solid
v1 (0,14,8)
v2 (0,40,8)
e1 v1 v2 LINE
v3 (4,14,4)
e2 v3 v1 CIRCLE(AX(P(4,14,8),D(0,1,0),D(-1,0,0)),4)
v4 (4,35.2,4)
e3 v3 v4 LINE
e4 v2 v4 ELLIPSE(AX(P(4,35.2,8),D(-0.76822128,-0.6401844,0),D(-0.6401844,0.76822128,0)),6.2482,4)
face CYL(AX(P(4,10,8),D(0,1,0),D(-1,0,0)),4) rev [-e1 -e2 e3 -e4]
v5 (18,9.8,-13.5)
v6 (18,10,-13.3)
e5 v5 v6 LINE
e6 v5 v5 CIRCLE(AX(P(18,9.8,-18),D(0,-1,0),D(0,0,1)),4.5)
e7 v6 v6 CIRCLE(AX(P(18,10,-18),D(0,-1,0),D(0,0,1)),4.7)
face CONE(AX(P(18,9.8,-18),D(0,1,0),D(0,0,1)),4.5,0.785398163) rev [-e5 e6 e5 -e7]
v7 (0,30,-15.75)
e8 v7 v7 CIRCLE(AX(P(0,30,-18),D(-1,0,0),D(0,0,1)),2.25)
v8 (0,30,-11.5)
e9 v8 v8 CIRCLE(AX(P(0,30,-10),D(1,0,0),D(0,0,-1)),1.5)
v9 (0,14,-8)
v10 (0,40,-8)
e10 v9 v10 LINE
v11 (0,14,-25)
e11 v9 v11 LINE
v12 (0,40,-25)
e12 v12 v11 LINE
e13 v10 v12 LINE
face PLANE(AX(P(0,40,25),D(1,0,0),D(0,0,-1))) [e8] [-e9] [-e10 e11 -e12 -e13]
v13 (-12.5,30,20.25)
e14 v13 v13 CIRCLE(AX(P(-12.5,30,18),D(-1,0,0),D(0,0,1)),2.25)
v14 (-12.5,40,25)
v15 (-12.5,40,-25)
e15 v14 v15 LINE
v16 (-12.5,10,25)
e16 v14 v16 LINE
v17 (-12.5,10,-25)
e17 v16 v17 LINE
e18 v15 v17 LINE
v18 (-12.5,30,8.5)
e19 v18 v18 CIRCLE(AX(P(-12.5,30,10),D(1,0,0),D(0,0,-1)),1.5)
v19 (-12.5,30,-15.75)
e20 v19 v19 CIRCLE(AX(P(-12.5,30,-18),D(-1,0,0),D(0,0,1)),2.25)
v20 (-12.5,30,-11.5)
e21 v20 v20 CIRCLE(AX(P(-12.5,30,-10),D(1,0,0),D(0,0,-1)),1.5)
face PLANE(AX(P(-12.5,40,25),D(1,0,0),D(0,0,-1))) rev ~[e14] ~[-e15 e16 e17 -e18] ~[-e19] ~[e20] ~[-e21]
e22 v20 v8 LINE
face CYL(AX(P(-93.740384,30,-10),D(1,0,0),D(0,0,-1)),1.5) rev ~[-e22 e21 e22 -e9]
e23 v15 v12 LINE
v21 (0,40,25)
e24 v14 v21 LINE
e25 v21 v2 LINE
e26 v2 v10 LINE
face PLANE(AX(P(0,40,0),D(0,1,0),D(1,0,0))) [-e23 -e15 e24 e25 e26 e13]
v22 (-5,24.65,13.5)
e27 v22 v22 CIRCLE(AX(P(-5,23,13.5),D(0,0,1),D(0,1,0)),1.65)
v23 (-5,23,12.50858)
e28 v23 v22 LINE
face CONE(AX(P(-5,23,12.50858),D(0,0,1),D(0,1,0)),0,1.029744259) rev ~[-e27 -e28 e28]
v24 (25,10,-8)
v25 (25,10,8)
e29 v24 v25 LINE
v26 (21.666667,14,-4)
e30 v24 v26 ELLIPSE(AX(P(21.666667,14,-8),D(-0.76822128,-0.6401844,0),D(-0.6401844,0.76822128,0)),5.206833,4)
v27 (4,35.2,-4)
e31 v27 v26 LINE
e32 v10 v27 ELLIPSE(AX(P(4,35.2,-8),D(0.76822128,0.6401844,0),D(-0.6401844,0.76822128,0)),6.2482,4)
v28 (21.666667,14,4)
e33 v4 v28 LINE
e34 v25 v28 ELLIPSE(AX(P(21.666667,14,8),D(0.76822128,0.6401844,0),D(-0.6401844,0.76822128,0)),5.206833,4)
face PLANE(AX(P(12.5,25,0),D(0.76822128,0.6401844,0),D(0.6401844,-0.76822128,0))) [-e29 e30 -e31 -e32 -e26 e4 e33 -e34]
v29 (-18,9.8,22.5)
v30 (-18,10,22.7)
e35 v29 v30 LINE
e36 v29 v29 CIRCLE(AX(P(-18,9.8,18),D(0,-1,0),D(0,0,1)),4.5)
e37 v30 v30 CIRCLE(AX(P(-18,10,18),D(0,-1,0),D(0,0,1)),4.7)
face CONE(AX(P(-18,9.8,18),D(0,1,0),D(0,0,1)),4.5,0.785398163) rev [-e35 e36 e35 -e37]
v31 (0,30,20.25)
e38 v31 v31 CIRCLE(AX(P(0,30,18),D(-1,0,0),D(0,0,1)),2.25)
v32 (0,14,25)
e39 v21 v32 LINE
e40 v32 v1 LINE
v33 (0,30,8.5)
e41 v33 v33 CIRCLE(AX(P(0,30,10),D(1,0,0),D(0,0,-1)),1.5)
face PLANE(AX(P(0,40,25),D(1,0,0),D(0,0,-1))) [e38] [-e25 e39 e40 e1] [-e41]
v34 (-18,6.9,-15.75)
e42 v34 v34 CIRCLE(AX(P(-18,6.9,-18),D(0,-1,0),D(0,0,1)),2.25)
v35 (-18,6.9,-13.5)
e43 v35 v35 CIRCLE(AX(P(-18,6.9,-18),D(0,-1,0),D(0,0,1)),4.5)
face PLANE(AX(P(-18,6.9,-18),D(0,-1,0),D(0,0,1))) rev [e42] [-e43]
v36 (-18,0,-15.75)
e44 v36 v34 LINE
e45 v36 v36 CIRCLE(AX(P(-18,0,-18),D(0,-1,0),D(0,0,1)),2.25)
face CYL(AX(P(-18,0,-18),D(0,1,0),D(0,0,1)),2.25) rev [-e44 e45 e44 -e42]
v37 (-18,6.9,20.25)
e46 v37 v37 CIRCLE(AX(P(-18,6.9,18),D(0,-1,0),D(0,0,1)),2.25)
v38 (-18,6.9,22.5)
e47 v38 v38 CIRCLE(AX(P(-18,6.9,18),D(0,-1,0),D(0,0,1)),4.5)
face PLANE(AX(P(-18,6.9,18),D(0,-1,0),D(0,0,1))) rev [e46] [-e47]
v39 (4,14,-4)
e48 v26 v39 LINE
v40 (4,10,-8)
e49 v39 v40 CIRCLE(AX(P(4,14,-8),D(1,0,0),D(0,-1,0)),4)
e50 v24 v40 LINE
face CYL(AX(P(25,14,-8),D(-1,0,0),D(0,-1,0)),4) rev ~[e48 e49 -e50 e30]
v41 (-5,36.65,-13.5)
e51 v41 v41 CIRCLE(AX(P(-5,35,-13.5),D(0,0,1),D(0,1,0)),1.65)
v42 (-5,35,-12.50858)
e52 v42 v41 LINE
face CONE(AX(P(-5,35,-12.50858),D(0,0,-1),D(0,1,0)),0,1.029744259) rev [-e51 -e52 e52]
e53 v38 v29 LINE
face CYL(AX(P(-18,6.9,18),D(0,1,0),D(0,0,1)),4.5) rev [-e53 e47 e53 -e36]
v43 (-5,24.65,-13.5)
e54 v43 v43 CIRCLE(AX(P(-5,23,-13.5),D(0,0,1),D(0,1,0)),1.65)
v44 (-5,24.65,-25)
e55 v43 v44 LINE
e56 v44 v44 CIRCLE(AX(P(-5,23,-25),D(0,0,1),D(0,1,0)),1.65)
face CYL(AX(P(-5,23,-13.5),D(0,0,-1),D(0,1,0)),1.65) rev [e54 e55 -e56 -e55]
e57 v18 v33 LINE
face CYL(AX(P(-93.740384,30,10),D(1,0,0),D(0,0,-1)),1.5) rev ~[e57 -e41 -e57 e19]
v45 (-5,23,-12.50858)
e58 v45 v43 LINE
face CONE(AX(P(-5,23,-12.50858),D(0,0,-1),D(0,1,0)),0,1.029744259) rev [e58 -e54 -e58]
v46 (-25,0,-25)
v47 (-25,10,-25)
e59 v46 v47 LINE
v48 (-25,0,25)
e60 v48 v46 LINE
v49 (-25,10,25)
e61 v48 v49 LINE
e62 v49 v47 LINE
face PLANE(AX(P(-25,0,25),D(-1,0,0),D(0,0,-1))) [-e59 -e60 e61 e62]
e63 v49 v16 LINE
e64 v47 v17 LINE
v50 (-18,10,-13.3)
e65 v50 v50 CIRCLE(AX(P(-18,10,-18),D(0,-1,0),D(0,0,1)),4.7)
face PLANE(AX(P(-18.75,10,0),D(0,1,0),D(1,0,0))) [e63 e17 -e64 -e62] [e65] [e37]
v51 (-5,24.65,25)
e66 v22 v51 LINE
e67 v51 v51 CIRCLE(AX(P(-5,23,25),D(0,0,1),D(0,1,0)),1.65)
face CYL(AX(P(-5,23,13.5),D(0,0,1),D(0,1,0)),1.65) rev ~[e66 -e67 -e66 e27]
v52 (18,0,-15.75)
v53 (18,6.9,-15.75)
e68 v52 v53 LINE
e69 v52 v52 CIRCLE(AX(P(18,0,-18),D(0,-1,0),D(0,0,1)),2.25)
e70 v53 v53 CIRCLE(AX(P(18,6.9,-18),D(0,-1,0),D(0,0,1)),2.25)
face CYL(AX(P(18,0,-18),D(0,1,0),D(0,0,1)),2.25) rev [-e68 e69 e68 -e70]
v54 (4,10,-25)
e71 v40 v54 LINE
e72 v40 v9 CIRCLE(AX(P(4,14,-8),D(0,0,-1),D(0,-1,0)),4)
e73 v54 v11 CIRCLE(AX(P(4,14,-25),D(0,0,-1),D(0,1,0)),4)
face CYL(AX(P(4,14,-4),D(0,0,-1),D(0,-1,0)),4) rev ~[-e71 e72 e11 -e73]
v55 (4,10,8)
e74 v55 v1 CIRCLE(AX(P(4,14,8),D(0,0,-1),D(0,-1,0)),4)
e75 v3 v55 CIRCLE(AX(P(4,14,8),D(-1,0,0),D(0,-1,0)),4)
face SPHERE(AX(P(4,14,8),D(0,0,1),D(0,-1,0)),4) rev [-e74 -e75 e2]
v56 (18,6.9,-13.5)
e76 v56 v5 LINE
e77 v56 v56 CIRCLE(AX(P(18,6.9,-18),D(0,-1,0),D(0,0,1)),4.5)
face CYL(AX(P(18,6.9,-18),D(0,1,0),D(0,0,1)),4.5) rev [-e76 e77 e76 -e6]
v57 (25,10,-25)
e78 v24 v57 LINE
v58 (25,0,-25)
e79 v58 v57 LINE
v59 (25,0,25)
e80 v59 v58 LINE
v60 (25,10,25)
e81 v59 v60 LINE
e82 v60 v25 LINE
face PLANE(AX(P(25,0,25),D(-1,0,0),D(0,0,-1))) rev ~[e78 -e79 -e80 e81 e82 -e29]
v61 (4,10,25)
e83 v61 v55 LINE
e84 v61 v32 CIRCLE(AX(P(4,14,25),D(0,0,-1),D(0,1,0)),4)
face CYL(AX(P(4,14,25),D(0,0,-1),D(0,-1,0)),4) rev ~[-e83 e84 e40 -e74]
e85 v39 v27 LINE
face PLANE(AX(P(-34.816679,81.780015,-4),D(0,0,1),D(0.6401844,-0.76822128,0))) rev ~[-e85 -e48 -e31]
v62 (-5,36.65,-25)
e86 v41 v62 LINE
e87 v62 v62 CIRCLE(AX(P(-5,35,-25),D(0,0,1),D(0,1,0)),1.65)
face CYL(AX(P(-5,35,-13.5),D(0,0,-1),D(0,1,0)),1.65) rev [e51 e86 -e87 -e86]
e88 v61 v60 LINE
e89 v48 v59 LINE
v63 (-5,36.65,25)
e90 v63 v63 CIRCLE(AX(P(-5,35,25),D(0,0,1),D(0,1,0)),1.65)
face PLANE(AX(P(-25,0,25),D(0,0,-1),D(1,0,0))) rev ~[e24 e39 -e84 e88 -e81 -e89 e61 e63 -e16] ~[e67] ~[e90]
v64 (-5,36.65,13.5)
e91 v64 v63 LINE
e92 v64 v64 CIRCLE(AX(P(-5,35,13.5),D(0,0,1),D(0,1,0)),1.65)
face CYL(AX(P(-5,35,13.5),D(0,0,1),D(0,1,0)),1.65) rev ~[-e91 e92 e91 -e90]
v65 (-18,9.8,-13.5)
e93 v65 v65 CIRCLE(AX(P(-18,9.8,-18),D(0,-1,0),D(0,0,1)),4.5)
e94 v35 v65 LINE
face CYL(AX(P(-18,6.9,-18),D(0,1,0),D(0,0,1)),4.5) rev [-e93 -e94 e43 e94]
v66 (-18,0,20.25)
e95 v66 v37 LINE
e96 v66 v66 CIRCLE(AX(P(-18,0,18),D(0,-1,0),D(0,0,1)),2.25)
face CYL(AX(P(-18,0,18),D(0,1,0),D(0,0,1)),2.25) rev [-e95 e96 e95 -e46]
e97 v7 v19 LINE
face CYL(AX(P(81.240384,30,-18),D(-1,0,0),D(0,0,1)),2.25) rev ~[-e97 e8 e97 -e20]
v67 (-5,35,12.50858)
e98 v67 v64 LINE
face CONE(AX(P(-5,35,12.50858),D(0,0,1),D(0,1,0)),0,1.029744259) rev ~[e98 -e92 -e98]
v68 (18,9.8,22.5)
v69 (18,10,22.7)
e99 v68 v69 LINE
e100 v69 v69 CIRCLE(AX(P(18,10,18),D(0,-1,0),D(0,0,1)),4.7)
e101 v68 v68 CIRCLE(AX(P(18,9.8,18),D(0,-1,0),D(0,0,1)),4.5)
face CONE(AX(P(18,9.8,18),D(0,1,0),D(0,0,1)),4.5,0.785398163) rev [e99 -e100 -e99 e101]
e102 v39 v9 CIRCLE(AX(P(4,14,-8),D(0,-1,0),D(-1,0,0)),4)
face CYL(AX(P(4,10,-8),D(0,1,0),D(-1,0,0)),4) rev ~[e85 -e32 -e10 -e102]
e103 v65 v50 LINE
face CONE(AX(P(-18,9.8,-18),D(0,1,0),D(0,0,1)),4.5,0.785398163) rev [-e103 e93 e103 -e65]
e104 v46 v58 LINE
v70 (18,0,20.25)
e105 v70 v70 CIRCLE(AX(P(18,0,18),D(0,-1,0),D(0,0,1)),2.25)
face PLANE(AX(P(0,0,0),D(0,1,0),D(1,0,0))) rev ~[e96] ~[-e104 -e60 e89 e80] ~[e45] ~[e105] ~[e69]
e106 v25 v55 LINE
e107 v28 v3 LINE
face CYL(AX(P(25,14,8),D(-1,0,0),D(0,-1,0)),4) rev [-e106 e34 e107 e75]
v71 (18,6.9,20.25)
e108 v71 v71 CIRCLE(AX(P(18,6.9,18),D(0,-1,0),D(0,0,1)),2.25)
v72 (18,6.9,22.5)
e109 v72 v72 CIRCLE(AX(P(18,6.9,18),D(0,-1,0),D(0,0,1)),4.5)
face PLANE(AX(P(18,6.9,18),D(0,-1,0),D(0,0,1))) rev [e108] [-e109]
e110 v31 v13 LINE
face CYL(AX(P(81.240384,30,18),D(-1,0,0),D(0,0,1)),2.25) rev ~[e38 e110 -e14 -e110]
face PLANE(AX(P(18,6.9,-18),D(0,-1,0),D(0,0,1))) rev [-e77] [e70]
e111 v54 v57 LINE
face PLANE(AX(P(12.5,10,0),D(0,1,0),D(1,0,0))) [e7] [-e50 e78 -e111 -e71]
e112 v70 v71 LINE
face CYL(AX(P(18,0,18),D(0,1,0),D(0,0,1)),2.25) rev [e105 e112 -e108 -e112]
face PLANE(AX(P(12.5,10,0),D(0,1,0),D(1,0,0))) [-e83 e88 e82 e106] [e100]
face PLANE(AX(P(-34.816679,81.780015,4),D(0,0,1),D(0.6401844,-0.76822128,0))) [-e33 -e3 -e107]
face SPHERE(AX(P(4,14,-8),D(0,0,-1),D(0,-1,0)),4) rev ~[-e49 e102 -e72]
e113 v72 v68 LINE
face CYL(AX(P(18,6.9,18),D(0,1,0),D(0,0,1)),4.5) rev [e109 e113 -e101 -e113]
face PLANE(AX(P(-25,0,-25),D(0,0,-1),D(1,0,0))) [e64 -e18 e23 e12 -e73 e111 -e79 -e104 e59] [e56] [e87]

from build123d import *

# Parameters (mm, degrees)
SKIZZE1_W                                    = 50
SKIZZE1_H                                    = 50
AUFSATZ_LINEAR_AUSTRAGEN1_DEPTH              = 40
SKIZZE2_W                                    = 12.5
SKIZZE2_H                                    = 50
SKIZZE2_W_2                                  = 25
SCHNITT_LINEAR_AUSTRAGEN1_DEPTH              = 30
STIRNSENKUNG_F_R_M4_FLACHKOPFSCHRAUB_2_COUNT = 2
STIRNSENKUNG_F_R_M4_FLACHKOPFSCHRAUB_2_PITCH = 36
STIRNSENKUNG_F_R_M4_FLACHKOPFSCHRAUB_3_COUNT = 2
STIRNSENKUNG_F_R_M4_FLACHKOPFSCHRAUB_3_PITCH = 36
STIRNSENKUNG_F_R_M4_FLACHKOPFSCHRAUB_4_COUNT = 2
STIRNSENKUNG_F_R_M4_FLACHKOPFSCHRAUB_4_PITCH = 50.911688245
VERST_RKUNGSRIPPE4_REACH                     = 55.385
SKIZZE7_WALL_W                               = 147.8220309
SKIZZE7_WALL_H                               = 8
VERRUNDUNG1_R                                = 4
DURCHGANGSLOCH_F_R_M41_D                     = 4.5
F_3_0_3_DURCHMESSER_BOHRUNG1_D               = 3
M4_GEWINDEBOHRUNG1_AT_2_COUNT                = 2
M4_GEWINDEBOHRUNG1_AT_2_PITCH                = 12


with BuildPart() as part:
    # Skizze1 → Aufsatz-Linear austragen1 (new body)
    with BuildSketch(Plane(origin=(0, 0, 0), x_dir=(1, 0, 0), z_dir=(0, 1, 0))):
        Rectangle(SKIZZE1_W, SKIZZE1_H)
    extrude(amount=AUFSATZ_LINEAR_AUSTRAGEN1_DEPTH)

    # Skizze2 → Schnitt-Linear austragen1 (cut)
    with BuildSketch(Plane(origin=(0, 40, 0), x_dir=(1, 0, 0), z_dir=(0, 1, 0))):
        with Locations((-18.75, 0)):
            Rectangle(SKIZZE2_W, SKIZZE2_H)
        with Locations((12.5, 0)):
            Rectangle(SKIZZE2_W_2, SKIZZE2_H)
    extrude(amount=-SCHNITT_LINEAR_AUSTRAGEN1_DEPTH, mode=Mode.SUBTRACT)

    # Skizze4 → Stirnsenkung für M4 Flachkopfschraube mit Schlitz1 (revolve, cut)
    with BuildSketch(Plane(origin=(-18, 10, 18), x_dir=(0, 0, 1), z_dir=(1, 0, 0))):
        Polygon((0, 0), (0, 10), (2.25, 10), (2.25, 3.1), (4.5, 3.1), (4.5, 0.2), (4.7, 0), align=None)
    stirnsenkung_f_r_m4_flachkopfschraube_mi = revolve(axis=Axis((-18, 16.35, 18), (0, -1, 0)), mode=Mode.SUBTRACT)

    # Stirnsenkung f_r M4 Flachkopfschraub 2: Stirnsenkung für M4 Flachkopfschraube mit Schlitz1 ×2
    with Locations(*[(0, 0, -i * STIRNSENKUNG_F_R_M4_FLACHKOPFSCHRAUB_2_PITCH) for i in range(1, STIRNSENKUNG_F_R_M4_FLACHKOPFSCHRAUB_2_COUNT)]):
        add(stirnsenkung_f_r_m4_flachkopfschraube_mi, mode=Mode.SUBTRACT)

    # Stirnsenkung f_r M4 Flachkopfschraub 3: Stirnsenkung für M4 Flachkopfschraube mit Schlitz1 ×2
    with Locations(*[(i * STIRNSENKUNG_F_R_M4_FLACHKOPFSCHRAUB_3_PITCH, 0, 0) for i in range(1, STIRNSENKUNG_F_R_M4_FLACHKOPFSCHRAUB_3_COUNT)]):
        add(stirnsenkung_f_r_m4_flachkopfschraube_mi, mode=Mode.SUBTRACT)

    # Stirnsenkung f_r M4 Flachkopfschraub 4: Stirnsenkung für M4 Flachkopfschraube mit Schlitz1 ×2
    with Locations(*[Vector(0.7071067811865476, 0, -0.7071067811865476) * (i * STIRNSENKUNG_F_R_M4_FLACHKOPFSCHRAUB_4_PITCH) for i in range(1, STIRNSENKUNG_F_R_M4_FLACHKOPFSCHRAUB_4_COUNT)]):
        add(stirnsenkung_f_r_m4_flachkopfschraube_mi, mode=Mode.SUBTRACT)

    # Skizze7 wall → Verstärkungsrippe4 (add, up to next)
    with BuildSketch(Plane(origin=(12.5, 25, 0), x_dir=(0.640184399664, -0.768221279597, 0), z_dir=(0.768221279597, 0.640184399664, 0)), mode=Mode.PRIVATE) as verst_rkungsrippe4_sk1:
        Rectangle(SKIZZE7_WALL_W, SKIZZE7_WALL_H)
    verst_rkungsrippe4_tool1 = extrude(verst_rkungsrippe4_sk1.sketch, amount=-VERST_RKUNGSRIPPE4_REACH, mode=Mode.PRIVATE) - part.part
    add(verst_rkungsrippe4_tool1.solids().sort_by_distance((12.5, 25, 0))[0])

    # Verrundung1
    verrundung1_edges = [part.edges().sort_by_distance(p)[0] for p in [
        (0, 10, -14.5),
        (0, 10, 14.5),
        (12.5, 10, -4),
        (12.5, 10, 4),
        (0, 25, 4),
        (0, 25, -4),
    ]]
    fillet(verrundung1_edges, radius=VERRUNDUNG1_R)

    # Durchgangsloch für M41 (through all)
    with Locations(Plane(origin=(0, 0, 0), x_dir=(0, 0, -1), z_dir=(1, 0, 0))):
        with Locations((-18, 30), (18, 30)):
            Hole(DURCHGANGSLOCH_F_R_M41_D / 2)

    # Ø3.0 (3) Durchmesser Bohrung1 (through all)
    with Locations(Plane.ZY.offset(12.5)):
        with Locations((-10, 30), (10, 30)):
            Hole(F_3_0_3_DURCHMESSER_BOHRUNG1_D / 2)

    # Skizze14 → M4 Gewindebohrung1 (revolve, cut)
    with BuildSketch(Plane(origin=(-5, 35, -25), x_dir=(0, 1, 0), z_dir=(1, 0, 0))):
        Polygon((0, 0), (0, 12.491420021), (1.65, 11.5), (1.65, 0), align=None)
    m4_gewindebohrung1 = revolve(axis=Axis((-5, 35, -31.35), (0, 0, 1)), mode=Mode.SUBTRACT)

    # M4 Gewindebohrung1 at 2: M4 Gewindebohrung1 ×2
    with Locations(*[(0, -i * M4_GEWINDEBOHRUNG1_AT_2_PITCH, 0) for i in range(1, M4_GEWINDEBOHRUNG1_AT_2_COUNT)]):
        add(m4_gewindebohrung1, mode=Mode.SUBTRACT)

    # Spiegeln1: M4 Gewindebohrung1 across plane
    add(m4_gewindebohrung1.mirror(Plane.XY), mode=Mode.SUBTRACT)

    # Spiegeln1 copy 1 sketch → Spiegeln1 copy 1 (revolve, cut)
    with BuildSketch(Plane(origin=(-5, 23, 25), x_dir=(0, 1, 0), z_dir=(1, 0, 0))):
        Polygon((0, 0), (0, -12.491420021), (1.65, -11.5), (1.65, 0), align=None)
    revolve(axis=Axis((-5, 23, 31.35), (0, 0, 1)), mode=Mode.SUBTRACT)


solid = part.part
